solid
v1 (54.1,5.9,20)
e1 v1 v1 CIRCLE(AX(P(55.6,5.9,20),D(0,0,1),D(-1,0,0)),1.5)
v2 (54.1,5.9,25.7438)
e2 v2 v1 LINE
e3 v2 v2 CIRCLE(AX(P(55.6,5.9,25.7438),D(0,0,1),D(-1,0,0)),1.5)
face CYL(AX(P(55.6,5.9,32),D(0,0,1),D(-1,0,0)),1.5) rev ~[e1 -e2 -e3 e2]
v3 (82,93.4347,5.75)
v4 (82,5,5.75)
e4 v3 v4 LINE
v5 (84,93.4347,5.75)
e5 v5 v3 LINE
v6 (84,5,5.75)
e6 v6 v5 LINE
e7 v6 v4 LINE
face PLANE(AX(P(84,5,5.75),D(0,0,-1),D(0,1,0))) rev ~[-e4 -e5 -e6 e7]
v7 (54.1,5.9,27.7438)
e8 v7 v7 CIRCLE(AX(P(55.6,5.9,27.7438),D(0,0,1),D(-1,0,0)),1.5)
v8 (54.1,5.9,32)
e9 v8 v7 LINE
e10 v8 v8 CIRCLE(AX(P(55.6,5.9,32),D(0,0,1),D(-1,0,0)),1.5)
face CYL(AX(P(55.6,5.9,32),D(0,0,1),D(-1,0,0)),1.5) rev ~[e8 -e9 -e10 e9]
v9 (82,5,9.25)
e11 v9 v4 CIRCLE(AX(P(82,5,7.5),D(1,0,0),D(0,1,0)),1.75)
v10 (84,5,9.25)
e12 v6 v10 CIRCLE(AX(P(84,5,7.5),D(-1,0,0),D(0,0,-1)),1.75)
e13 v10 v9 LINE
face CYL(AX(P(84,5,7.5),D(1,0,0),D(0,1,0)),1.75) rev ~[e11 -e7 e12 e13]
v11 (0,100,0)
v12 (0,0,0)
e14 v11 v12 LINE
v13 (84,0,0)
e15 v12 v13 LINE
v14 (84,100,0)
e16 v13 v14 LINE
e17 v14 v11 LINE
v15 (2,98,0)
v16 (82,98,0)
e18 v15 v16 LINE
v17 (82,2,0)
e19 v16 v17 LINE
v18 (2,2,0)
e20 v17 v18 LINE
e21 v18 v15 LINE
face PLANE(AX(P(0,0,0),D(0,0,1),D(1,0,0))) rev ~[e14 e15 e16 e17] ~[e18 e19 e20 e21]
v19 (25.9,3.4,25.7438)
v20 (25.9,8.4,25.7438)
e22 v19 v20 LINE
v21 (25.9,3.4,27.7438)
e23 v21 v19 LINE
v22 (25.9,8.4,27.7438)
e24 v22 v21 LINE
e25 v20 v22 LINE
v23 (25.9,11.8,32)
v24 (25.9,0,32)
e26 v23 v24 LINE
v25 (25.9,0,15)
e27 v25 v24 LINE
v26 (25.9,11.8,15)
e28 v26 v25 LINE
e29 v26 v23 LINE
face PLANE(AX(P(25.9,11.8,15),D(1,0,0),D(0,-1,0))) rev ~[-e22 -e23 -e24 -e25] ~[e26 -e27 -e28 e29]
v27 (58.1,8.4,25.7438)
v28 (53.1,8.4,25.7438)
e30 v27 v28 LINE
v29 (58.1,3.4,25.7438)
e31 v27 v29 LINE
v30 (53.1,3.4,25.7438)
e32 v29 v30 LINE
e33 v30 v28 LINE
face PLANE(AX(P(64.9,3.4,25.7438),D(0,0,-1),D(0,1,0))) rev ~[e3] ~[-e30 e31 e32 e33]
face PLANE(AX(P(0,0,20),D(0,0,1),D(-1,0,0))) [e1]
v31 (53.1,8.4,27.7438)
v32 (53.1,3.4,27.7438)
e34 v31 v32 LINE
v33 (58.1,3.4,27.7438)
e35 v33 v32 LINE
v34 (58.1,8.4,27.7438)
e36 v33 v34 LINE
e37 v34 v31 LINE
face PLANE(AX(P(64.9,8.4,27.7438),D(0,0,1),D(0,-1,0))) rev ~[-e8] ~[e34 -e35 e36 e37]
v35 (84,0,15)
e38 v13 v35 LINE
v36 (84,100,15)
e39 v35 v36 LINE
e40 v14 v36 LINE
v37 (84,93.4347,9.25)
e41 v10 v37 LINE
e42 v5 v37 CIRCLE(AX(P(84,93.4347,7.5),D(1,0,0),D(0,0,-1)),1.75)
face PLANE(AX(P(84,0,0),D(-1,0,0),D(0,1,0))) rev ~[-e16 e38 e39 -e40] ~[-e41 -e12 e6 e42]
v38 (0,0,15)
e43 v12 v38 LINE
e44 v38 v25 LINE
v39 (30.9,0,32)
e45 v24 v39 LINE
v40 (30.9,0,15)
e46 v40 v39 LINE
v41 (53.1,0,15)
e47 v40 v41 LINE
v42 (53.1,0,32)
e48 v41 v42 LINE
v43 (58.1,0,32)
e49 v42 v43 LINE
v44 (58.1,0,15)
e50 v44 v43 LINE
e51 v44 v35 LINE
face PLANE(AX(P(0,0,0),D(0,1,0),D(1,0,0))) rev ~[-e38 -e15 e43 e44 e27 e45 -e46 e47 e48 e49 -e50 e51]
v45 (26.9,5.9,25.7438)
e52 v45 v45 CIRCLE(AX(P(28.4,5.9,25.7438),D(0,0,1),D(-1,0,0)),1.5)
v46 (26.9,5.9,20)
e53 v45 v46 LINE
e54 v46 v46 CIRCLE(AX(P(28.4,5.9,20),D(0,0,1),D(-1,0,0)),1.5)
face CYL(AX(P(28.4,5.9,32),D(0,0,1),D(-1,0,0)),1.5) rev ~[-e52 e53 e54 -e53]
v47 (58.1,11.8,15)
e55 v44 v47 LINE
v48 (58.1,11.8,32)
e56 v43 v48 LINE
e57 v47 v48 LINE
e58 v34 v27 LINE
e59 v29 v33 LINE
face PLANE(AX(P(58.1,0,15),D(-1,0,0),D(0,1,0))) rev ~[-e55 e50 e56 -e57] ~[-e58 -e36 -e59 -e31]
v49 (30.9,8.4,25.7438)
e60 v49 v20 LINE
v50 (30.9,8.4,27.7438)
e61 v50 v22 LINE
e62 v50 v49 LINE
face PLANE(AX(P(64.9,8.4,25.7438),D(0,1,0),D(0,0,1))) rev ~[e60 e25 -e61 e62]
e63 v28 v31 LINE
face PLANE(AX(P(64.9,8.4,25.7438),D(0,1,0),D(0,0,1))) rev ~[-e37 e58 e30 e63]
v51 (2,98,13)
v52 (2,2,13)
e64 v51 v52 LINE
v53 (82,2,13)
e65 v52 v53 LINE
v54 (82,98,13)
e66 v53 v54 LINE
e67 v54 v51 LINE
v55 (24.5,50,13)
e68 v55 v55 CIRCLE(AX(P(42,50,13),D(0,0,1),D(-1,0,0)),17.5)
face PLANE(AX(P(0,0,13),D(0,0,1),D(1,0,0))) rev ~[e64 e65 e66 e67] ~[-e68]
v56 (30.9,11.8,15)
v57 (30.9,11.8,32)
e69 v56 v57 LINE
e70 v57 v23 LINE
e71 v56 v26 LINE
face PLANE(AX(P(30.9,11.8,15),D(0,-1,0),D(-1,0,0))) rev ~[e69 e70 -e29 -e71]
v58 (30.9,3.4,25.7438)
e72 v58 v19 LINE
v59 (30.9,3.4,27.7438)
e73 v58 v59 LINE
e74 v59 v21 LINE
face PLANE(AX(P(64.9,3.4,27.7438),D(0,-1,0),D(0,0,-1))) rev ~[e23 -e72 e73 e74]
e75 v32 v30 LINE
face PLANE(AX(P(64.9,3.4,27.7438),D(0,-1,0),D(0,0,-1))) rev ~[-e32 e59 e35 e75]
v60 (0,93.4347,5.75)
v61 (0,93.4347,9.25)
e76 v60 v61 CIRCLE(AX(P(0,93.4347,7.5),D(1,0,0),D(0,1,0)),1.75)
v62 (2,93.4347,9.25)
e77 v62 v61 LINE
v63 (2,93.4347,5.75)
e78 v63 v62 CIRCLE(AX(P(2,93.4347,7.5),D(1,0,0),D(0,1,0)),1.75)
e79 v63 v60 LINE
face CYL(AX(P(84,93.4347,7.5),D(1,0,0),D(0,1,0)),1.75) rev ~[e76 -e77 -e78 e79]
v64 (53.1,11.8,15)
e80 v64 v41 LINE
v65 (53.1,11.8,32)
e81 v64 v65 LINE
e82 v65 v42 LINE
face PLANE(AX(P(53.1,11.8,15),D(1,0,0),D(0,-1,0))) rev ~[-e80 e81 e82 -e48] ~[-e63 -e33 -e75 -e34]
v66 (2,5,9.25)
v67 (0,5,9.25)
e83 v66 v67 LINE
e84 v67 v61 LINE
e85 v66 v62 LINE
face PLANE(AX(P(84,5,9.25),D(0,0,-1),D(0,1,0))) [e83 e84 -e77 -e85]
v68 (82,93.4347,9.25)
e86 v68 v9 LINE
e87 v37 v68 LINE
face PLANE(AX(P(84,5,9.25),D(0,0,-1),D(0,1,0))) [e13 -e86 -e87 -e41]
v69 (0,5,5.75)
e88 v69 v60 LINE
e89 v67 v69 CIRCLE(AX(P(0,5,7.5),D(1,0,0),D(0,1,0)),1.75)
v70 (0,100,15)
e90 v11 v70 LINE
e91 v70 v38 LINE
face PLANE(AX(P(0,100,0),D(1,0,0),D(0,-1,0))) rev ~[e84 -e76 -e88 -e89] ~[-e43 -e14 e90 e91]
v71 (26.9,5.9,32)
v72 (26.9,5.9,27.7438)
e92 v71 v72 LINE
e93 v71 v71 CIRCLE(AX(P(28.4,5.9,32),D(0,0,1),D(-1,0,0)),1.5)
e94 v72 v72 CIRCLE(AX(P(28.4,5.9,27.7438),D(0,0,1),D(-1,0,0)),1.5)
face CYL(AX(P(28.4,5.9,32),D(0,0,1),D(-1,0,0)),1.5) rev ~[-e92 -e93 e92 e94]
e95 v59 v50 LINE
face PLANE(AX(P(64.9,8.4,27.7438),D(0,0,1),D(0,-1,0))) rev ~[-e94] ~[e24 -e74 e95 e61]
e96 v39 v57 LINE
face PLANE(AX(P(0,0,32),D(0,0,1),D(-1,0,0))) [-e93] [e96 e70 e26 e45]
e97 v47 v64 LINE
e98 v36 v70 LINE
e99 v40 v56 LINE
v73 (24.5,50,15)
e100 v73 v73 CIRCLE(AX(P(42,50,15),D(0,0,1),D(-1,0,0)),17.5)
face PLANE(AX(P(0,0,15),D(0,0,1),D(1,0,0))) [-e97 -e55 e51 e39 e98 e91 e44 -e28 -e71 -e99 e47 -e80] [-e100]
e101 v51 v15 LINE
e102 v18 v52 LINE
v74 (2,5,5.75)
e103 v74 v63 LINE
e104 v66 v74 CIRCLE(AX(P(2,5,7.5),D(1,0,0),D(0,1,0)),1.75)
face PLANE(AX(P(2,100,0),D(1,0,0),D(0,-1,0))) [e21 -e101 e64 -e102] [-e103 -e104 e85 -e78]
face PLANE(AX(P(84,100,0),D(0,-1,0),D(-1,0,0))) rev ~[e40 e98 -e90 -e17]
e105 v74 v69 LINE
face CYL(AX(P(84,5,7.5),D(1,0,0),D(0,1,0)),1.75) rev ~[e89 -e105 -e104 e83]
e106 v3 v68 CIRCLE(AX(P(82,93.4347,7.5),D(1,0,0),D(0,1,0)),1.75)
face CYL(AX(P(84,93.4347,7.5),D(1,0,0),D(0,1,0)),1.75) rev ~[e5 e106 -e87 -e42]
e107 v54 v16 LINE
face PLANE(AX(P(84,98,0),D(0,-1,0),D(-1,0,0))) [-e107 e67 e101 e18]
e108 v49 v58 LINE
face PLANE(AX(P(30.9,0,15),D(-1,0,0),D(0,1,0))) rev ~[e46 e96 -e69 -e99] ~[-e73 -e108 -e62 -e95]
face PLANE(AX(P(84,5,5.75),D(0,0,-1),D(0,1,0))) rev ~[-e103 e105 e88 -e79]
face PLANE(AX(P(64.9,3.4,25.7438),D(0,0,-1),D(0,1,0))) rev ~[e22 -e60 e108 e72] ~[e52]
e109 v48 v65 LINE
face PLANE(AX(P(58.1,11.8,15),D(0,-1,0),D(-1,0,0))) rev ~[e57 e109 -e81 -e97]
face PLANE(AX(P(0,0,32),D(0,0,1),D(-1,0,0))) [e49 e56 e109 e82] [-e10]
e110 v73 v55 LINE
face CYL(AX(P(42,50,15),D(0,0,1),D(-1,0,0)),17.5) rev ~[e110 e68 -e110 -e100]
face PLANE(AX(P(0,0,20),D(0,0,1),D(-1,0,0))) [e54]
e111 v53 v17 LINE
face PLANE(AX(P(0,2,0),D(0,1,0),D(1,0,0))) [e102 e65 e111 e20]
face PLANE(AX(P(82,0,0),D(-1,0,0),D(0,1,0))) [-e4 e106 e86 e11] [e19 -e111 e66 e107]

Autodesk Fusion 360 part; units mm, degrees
sketch "Sketch1" plane through (0, 0, 0) normal (0, 0, 1) x (1, 0, 0)
  line L0 (0, 0) -> (84, 0)
  line L1 (84, 0) -> (84, 100)
  line L2 (84, 100) -> (0, 100)
  line L3 (0, 100) -> (0, 0)
  dimension "d1" = 84
  dimension "d2" = 100
extrude "Extrude1" add sketch "Sketch1" along normal blind 15
shell "Shell1" thickness 2 removed faces 1 at (28, 66.6667, 0)
sketch "Sketch2" plane through (84, 0, 0) normal (1, 0, 0) x (0, 1, 0)
  line L0 (0, 0) -> (100, 0)
  line L1 (100, 0) -> (100, 15)
  line L2 (100, 15) -> (0, 15)
  line L3 (0, 15) -> (0, 0)
  line L4 (0, 7.5) -> (5, 7.5)
  line L5 (100, 7.5) -> (98.4347, 7.5)
  line L6 (98.4347, 7.5) -> (93.4347, 7.5)
  circle A0 centre (5, 7.5) radius 1.75
  circle A1 centre (93.4347, 7.5) radius 1.75
  line L7 (5, 9.25) -> (93.4347, 9.25)
  line L8 (5, 5.75) -> (93.4347, 5.75)
  dimension "d6" = 5
  dimension "d7" = 5
  dimension "d8" = 3.5
  dimension "d9" = 3.5
extrude "Extrude2" cut sketch "Sketch2" against normal blind 225 contours A0 | A0 A1 L7 L8 | A1
sketch "Sketch3" plane through (0, 0, 15) normal (0, 0, 1) x (-1, 0, 0)
  line L0 (0, -100) -> (0, 0)
  line L1 (0, 0) -> (-84, 0)
  line L2 (-84, 0) -> (-84, -100)
  line L3 (-84, -100) -> (0, -100)
  circle A0 centre (-42, -50) radius 17.5
  dimension "d12" = 35
extrude "Extrude3" cut sketch "Sketch3" against normal blind 30 contours A0
sketch "Sketch4" plane through (0, 0, 15) normal (0, 0, 1) x (-1, 0, 0)
  circle A0 centre (-42, -50) radius 17.5
  line L0 (0, -100) -> (0, 0)
  line L1 (0, 0) -> (-84, 0)
  line L2 (-84, 0) -> (-84, -100)
  line L3 (-84, -100) -> (0, -100)
  line L4 (-42, 0) -> (-42, -10)
  line L5 (-42, 0) -> (-58.1, 0)
  line L6 (-58.1, 0) -> (-58.1, -11.8)
  line L7 (-58.1, -11.8) -> (-25.9, -11.8)
  line L8 (-25.9, -11.8) -> (-25.9, 0)
  line L9 (-25.9, 0) -> (-30.9, 0)
  line L10 (-30.9, 0) -> (-30.9, -11.8)
  line L11 (-58.1, 0) -> (-58.1, -11.8)
  line L12 (-58.1, -11.8) -> (-53.1, -11.8)
  line L13 (-53.1, -11.8) -> (-53.1, 0)
  dimension "d15" = 16.1
  dimension "d16" = 11.8
  dimension "d17" = 32.2
  dimension "d18" = 5
  dimension "d19" = 5
extrude "Extrude4" add sketch "Sketch4" along normal blind 17 contours L1 L7 L8 L9 L10 | L1 L5 L6 L7 L11 L12 L13
sketch "Sketch5" plane through (0, 0, 32) normal (0, 0, 1) x (-1, 0, 0)
  line L0 (-30.9, 0) -> (-30.9, -11.8)
  line L1 (-30.9, -11.8) -> (-25.9, -11.8)
  line L2 (-25.9, -11.8) -> (-25.9, 0)
  line L3 (-25.9, 0) -> (-30.9, 0)
  circle A0 centre (-28.4, -5.9) radius 1.5
  dimension "d22" = 3
sketch "Sketch6" plane through (0, 0, 32) normal (0, 0, 1) x (-1, 0, 0)
  line L0 (-53.1, -11.8) -> (-53.1, 0)
  line L1 (-53.1, 0) -> (-58.1, 0)
  line L2 (-58.1, 0) -> (-58.1, -11.8)
  line L3 (-58.1, -11.8) -> (-53.1, -11.8)
  circle A0 centre (-55.6, -5.9) radius 1.5
  dimension "d23" = 3
extrude "Extrude5" cut sketch "Sketch6" sketch "Sketch5" against normal blind 12 contours A0 of sketch 2 contours A0
sketch "Sketch7" plane through (30.9, 0, 0) normal (1, 0, 0) x (0, 1, 0)
  line L0 (0, 15) -> (11.8, 15)
  line L1 (11.8, 15) -> (11.8, 32)
  line L2 (11.8, 32) -> (0, 32)
  line L3 (0, 32) -> (0, 15)
  line L4 (8.4, 27.7438) -> (3.4, 27.7438)
  line L5 (3.4, 27.7438) -> (3.4, 25.7438)
  line L6 (3.4, 25.7438) -> (8.4, 25.7438)
  line L7 (8.4, 25.7438) -> (8.4, 27.7438)
  line L8 (8.4, 27.7438) -> (3.4, 25.7438) construction
  line L9 (3.4, 27.7438) -> (8.4, 25.7438) construction
  point P0 (5.9, 26.7438)
  dimension "d26" = 5
  dimension "d27" = 2
extrude "Extrude6" cut sketch "Sketch7" along normal blind -5 and the other way blind -34 contours L4 L5 L6 L7
